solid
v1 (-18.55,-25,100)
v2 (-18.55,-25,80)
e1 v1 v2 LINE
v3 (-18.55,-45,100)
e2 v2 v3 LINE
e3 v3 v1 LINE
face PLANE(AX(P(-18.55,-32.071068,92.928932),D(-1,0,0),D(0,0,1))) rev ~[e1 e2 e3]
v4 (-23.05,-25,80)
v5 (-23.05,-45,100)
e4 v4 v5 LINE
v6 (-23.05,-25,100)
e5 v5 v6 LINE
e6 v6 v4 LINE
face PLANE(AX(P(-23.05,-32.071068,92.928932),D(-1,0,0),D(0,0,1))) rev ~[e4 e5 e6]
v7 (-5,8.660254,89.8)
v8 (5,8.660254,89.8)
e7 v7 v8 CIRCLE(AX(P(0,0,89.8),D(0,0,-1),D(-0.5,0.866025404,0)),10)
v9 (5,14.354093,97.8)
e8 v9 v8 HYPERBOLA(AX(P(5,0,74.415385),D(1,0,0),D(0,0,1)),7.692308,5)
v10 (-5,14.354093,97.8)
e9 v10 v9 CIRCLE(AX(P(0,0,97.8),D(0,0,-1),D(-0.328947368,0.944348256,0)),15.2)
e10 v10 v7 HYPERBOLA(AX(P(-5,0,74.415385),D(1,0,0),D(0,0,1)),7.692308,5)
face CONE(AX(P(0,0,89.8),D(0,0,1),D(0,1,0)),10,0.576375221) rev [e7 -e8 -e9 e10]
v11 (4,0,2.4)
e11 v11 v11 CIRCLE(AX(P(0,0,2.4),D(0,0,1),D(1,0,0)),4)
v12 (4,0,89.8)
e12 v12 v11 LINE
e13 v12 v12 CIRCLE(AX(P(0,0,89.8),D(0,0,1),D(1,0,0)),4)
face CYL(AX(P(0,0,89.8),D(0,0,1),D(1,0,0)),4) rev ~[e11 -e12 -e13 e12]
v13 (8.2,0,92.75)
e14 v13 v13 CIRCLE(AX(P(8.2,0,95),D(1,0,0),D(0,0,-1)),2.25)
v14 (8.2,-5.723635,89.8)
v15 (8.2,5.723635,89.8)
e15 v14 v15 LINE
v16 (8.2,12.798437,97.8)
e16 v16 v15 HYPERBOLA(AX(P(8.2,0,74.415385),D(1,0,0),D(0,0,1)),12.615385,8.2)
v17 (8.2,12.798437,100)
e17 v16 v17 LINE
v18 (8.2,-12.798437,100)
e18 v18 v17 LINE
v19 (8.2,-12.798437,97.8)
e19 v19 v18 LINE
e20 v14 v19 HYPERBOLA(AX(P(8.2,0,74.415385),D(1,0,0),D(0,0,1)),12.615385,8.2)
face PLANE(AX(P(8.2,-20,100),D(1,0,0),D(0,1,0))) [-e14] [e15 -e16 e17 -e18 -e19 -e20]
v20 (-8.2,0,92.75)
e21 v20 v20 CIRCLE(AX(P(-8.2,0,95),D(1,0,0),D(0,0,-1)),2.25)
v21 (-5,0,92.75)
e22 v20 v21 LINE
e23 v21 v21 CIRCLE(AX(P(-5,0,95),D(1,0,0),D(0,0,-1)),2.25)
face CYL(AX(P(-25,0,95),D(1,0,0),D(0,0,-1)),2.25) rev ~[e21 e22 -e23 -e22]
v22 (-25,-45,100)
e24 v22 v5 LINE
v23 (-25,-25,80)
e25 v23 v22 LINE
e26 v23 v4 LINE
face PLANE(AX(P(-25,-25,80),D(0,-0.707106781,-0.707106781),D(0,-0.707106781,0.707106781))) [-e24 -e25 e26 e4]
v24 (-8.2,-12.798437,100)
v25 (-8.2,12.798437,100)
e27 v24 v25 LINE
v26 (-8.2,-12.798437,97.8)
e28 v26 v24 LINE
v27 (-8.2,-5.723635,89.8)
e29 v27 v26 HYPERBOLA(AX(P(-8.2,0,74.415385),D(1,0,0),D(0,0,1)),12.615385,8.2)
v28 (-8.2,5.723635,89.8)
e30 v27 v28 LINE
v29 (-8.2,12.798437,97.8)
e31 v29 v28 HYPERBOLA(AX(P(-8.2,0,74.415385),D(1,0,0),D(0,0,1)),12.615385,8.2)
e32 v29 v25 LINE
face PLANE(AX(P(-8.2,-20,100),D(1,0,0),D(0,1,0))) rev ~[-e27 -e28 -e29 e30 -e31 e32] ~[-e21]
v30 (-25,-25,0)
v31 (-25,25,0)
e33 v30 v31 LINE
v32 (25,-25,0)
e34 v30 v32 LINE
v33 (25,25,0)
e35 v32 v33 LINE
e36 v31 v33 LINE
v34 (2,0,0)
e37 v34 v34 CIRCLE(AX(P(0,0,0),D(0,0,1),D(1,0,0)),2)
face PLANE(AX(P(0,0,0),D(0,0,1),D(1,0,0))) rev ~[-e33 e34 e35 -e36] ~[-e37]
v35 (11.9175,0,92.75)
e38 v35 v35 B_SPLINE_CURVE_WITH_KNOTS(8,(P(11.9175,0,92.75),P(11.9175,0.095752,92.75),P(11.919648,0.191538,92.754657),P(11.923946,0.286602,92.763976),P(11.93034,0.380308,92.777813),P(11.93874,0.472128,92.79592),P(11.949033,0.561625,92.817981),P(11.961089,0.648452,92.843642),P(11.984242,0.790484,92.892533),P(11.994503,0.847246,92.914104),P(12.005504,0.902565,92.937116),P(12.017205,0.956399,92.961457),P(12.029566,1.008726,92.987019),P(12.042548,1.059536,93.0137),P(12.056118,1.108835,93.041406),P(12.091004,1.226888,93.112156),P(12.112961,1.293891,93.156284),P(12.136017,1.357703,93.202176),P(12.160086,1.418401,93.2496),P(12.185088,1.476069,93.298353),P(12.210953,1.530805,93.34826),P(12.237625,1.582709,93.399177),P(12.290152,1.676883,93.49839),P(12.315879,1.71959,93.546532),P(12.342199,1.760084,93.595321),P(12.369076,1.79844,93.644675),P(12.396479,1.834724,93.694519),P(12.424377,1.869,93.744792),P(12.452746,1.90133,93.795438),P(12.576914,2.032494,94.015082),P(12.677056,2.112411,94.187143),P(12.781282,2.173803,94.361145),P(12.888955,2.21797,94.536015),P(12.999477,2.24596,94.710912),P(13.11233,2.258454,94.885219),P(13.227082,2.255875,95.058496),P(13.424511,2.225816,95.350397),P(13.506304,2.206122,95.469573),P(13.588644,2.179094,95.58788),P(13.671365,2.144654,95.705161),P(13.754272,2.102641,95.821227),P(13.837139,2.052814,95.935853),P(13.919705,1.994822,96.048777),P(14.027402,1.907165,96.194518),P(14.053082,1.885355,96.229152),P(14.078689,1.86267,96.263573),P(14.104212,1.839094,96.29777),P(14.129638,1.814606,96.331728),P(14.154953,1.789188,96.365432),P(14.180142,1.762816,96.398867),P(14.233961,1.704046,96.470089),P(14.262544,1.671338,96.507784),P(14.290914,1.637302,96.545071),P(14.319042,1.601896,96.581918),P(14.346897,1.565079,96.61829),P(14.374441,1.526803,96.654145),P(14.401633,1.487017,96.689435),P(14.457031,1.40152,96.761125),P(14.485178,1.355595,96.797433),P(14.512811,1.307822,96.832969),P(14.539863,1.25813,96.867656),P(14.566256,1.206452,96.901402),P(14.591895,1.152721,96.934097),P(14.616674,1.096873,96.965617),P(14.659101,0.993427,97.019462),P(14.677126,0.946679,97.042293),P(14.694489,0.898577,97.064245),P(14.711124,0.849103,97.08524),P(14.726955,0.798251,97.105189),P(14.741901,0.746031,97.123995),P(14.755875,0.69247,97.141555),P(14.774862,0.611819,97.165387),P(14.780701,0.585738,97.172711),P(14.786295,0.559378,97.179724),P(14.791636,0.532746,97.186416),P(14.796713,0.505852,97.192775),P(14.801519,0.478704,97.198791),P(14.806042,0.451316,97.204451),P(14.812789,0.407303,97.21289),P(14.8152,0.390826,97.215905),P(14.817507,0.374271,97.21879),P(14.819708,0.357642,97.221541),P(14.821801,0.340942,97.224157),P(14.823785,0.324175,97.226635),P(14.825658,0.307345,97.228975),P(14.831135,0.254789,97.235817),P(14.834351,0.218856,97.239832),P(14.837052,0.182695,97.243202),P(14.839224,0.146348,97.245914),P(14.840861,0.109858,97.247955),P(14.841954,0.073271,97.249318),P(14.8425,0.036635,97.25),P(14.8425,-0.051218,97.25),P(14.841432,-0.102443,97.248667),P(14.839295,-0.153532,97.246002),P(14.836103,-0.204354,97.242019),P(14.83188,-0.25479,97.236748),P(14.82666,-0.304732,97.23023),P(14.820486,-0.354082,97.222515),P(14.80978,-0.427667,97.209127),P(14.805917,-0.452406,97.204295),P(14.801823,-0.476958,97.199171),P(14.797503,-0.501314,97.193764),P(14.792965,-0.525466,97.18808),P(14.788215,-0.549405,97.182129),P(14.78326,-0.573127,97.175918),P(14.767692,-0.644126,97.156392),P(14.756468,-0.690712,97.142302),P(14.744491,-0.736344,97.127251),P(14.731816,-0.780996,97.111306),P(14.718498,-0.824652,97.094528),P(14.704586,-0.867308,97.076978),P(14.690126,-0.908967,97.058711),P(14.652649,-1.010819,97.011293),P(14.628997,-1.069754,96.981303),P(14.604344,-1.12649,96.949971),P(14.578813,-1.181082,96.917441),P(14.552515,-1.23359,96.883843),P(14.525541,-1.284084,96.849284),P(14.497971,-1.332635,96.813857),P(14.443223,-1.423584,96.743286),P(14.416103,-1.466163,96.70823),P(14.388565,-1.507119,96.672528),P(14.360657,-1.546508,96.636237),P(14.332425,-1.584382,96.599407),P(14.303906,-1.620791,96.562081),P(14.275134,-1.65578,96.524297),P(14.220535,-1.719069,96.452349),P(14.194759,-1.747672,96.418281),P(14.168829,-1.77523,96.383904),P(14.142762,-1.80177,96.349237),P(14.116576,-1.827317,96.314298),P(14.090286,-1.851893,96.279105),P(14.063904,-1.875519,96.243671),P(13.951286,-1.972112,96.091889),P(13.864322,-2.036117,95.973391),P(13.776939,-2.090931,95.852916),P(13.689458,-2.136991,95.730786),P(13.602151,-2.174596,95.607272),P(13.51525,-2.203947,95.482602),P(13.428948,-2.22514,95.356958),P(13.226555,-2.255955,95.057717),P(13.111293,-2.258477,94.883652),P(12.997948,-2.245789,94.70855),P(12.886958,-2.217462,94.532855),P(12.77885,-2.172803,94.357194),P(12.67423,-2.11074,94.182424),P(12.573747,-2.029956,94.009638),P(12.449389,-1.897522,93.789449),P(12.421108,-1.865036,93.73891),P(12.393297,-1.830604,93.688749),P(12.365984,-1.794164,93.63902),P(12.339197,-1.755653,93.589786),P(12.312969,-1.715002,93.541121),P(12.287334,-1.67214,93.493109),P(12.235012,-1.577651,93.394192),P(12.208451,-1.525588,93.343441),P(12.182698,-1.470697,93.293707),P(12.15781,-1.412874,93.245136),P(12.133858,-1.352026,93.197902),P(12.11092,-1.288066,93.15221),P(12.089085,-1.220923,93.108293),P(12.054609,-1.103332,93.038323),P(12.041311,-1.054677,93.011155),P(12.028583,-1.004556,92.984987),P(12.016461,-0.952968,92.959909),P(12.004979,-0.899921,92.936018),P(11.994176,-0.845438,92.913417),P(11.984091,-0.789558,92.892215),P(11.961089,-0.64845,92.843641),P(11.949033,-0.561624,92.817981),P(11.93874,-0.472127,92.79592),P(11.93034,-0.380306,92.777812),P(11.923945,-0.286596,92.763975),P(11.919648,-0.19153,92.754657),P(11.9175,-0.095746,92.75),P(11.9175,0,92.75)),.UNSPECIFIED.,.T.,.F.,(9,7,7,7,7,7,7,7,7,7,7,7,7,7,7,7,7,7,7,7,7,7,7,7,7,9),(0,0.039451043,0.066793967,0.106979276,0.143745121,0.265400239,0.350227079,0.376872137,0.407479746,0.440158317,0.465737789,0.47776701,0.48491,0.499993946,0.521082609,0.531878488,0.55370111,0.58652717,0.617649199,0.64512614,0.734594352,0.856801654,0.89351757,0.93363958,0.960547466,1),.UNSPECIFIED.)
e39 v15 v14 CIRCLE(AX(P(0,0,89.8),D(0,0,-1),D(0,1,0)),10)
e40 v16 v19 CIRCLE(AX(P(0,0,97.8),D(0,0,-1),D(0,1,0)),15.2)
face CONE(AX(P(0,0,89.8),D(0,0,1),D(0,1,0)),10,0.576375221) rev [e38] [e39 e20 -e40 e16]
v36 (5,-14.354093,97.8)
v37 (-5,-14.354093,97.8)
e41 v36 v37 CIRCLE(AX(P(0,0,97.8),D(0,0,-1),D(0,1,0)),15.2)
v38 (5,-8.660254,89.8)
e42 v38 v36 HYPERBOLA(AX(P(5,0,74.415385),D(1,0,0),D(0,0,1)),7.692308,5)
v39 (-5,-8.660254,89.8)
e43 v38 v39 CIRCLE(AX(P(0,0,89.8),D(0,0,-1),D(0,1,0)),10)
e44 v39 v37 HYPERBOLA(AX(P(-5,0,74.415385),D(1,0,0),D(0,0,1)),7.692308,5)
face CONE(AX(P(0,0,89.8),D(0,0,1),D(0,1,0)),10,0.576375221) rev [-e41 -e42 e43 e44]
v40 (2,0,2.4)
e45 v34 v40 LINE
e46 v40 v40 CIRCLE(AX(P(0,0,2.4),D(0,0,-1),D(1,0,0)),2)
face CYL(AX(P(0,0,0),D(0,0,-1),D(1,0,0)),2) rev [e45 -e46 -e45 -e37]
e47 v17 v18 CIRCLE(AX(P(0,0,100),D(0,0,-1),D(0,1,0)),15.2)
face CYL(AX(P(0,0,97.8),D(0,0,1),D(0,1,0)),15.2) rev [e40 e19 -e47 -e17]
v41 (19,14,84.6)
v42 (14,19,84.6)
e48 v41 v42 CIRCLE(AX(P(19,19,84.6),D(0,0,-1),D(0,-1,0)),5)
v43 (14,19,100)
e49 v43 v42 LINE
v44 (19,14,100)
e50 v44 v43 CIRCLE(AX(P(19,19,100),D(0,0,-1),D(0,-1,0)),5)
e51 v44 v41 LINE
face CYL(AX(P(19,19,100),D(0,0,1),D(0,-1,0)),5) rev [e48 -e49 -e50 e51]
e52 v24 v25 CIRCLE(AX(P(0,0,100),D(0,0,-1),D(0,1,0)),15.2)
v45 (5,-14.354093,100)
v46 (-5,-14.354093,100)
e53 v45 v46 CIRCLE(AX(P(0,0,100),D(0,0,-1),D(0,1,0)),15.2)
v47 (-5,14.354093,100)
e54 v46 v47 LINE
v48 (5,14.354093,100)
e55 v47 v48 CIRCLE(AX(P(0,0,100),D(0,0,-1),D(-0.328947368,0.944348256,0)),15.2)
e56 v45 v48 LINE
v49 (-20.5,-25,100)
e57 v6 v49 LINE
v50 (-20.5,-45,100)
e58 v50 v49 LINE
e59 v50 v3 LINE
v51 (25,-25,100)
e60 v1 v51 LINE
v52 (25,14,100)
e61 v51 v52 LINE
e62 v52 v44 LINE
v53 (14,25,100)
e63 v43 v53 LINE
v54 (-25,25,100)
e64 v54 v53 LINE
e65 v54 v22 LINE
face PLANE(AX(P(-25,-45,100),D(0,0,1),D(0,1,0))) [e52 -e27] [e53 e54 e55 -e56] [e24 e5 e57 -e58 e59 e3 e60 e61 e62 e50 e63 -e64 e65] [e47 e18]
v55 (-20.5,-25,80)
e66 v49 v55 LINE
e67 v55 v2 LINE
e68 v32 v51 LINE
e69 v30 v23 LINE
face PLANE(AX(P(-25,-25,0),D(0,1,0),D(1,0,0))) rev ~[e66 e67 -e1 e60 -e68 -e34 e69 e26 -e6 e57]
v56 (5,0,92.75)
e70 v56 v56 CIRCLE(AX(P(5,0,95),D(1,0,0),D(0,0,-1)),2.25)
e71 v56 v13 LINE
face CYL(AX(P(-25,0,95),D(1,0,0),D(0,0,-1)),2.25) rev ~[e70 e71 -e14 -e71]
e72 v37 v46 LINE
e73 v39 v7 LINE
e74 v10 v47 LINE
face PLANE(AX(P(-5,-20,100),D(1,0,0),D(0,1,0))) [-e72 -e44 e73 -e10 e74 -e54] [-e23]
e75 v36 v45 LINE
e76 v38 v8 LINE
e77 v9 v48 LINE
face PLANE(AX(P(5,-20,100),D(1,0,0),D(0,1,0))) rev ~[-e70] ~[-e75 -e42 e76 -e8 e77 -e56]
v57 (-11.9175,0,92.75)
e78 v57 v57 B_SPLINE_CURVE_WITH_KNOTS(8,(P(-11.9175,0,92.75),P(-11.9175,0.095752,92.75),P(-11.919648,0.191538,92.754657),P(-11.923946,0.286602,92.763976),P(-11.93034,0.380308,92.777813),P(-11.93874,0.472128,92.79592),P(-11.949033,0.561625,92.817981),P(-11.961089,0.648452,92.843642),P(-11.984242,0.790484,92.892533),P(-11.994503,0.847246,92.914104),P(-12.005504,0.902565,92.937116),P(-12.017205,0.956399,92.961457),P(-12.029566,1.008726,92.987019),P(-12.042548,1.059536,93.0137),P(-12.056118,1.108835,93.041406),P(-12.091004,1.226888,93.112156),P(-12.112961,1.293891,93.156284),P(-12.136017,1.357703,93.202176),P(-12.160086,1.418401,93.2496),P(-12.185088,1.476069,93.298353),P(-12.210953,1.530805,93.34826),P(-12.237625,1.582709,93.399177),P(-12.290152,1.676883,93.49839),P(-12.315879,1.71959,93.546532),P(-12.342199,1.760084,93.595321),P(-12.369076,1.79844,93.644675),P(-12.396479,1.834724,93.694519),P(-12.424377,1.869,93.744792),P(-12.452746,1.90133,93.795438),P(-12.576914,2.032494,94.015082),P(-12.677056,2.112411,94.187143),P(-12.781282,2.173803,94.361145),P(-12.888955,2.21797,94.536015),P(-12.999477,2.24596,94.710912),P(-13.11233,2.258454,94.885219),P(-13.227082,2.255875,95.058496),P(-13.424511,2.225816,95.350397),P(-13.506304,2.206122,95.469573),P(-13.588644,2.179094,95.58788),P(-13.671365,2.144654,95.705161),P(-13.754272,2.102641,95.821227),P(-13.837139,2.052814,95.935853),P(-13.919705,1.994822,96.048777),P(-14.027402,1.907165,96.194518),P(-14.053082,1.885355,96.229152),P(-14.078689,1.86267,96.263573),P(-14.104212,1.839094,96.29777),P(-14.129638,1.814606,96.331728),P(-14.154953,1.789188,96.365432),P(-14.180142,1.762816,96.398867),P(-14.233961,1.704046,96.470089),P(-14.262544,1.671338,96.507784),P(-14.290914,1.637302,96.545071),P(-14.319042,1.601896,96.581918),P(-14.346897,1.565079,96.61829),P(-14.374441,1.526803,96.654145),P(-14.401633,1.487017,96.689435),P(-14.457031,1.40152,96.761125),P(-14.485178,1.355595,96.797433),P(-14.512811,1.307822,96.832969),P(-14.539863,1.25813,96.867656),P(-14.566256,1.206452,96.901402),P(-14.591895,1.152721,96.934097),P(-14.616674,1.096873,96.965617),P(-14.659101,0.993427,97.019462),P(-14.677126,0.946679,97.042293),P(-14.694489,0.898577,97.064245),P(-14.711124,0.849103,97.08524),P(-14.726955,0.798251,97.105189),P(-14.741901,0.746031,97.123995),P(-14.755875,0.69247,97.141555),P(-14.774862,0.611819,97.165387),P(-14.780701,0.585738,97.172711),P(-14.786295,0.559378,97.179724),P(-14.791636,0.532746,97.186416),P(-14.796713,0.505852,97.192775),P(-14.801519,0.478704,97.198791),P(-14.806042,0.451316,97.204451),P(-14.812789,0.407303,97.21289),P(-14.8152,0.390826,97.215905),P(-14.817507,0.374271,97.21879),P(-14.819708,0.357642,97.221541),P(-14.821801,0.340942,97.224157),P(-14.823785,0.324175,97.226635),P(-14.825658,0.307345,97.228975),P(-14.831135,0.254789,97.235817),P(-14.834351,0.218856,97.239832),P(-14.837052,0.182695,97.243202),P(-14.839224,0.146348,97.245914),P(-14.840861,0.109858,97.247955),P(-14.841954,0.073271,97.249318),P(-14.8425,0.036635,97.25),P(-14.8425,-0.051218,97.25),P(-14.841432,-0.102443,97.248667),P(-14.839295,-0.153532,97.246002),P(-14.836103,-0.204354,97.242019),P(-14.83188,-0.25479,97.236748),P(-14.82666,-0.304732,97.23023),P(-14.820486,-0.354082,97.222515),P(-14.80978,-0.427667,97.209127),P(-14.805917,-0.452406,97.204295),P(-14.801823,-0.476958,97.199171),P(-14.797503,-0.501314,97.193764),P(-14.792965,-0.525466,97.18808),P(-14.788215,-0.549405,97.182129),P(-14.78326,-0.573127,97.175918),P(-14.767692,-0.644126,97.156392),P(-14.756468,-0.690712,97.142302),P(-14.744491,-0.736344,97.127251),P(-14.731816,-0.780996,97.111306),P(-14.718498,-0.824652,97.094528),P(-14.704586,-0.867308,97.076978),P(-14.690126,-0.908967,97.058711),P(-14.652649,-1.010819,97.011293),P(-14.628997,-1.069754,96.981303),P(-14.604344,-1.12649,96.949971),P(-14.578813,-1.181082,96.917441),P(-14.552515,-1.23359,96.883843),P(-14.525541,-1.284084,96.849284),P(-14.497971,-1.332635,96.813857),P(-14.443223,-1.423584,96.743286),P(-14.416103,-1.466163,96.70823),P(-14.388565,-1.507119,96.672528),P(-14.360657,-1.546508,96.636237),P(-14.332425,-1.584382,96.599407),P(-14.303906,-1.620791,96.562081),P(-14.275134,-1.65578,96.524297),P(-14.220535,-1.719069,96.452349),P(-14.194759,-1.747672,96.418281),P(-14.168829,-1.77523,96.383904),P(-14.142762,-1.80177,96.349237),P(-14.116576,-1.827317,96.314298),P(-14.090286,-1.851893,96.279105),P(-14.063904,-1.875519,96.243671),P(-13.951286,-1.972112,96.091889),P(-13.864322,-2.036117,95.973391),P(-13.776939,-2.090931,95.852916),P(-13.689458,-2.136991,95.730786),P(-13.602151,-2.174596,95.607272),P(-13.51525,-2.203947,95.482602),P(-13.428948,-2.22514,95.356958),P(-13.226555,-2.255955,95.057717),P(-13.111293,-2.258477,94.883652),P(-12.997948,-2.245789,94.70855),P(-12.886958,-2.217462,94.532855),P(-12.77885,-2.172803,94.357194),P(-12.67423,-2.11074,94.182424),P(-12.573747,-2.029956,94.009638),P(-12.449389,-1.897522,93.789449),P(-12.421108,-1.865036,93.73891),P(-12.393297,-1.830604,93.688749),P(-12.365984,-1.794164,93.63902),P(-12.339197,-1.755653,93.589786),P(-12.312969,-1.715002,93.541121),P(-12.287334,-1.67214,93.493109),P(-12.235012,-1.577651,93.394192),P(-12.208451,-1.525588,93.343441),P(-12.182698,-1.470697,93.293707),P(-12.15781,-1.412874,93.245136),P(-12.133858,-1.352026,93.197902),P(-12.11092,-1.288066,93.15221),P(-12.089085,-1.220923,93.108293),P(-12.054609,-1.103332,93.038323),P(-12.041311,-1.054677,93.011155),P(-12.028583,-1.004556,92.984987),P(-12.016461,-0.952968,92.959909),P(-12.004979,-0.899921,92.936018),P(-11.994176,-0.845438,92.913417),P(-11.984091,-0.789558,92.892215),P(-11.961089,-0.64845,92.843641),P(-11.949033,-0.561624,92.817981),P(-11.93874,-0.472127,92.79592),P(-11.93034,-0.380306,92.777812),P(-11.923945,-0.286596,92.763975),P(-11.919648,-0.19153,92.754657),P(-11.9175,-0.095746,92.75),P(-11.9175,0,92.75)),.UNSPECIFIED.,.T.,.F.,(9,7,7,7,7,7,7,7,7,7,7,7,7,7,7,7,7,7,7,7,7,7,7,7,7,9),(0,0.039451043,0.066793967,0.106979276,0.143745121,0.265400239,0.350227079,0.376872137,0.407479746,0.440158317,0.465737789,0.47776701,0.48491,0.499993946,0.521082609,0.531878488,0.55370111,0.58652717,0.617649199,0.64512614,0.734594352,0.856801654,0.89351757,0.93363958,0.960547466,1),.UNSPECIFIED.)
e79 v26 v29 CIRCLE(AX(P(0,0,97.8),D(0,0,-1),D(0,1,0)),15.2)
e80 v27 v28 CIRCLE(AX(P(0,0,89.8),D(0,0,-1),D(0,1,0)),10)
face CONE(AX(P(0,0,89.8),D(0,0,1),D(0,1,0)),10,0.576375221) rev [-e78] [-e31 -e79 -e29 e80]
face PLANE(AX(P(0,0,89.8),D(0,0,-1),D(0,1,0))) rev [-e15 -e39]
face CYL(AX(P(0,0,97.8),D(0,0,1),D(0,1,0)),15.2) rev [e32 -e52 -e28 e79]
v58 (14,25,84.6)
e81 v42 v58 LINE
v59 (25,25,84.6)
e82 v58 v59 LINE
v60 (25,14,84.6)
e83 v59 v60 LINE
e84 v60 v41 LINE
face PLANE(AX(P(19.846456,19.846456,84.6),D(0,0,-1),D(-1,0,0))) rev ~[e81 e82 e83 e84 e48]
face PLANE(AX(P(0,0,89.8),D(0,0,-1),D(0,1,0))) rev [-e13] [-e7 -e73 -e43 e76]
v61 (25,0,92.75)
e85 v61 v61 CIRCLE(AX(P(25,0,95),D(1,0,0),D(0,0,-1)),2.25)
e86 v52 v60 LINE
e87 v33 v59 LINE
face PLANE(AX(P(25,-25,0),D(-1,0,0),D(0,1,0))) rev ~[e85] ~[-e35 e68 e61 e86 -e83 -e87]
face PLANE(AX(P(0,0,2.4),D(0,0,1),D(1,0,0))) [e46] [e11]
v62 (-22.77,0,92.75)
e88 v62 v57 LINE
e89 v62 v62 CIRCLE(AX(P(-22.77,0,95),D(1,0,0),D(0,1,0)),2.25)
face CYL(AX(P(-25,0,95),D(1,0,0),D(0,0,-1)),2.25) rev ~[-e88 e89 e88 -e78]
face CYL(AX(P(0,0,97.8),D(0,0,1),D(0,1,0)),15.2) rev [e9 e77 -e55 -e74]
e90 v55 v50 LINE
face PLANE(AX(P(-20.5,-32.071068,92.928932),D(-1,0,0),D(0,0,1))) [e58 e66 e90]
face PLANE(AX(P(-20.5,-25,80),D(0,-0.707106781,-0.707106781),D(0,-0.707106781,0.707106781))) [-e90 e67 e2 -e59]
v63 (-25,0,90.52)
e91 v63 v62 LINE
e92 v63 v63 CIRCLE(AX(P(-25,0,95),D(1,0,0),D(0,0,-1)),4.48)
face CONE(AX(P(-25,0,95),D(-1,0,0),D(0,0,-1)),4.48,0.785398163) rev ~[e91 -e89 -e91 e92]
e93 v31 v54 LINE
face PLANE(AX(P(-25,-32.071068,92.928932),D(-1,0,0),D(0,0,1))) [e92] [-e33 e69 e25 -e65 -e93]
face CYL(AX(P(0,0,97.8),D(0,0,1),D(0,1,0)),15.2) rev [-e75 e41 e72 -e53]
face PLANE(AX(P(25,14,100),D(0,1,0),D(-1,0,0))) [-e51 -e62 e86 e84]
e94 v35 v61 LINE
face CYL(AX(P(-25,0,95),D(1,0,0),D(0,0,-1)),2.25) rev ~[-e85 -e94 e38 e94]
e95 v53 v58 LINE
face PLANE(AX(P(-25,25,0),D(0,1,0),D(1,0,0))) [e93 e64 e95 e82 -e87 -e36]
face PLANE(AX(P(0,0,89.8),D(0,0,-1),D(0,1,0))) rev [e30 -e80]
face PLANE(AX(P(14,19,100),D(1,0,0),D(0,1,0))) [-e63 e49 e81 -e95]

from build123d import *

# Parameters (mm, degrees)
CROQUIS1_W                                           = 50
CROQUIS1_H                                           = 50
CROQUIS1_R                                           = 2
SALIENTE_EXTRUIR2_DEPTH                              = 100
CROQUIS4_W                                           = 3.2
CROQUIS4_H                                           = 40
SALIENTE_EXTRUIR5_DEPTH                              = 10.2
CROQUIS8_R                                           = 4
CORTAR_EXTRUIR3_DEPTH                                = 87.4
CORTAR_EXTRUIR2_START                                = -50
CROQUIS7_R                                           = 2
CORTAR_EXTRUIR2_DEPTH                                = 50
REFRENTADO_PARA_TORNILLO_TAP_N_CON_CABEZ_D           = 4.5
REFRENTADO_PARA_TORNILLO_TAP_N_CON_CABEZ_CSINK_D     = 8.96
REFRENTADO_PARA_TORNILLO_TAP_N_CON_CABEZ_CSINK_ANGLE = 90
SALIENTE_EXTRUIR6_DEPTH                              = 1.95
SALIENTE_EXTRUIR7_START                              = -4.5
SALIENTE_EXTRUIR7_DEPTH                              = 1.95
CORTAR_EXTRUIR4_DEPTH                                = 15.4


with BuildPart() as part:
    # Croquis1 → Saliente-Extruir2 (new body)
    with BuildSketch(Plane.XY):
        Rectangle(CROQUIS1_W, CROQUIS1_H)
        Circle(CROQUIS1_R, mode=Mode.SUBTRACT)
    extrude(amount=SALIENTE_EXTRUIR2_DEPTH)

    # Croquis2 → Cortar-Revolución1 (revolve, cut)
    with BuildSketch(Plane(origin=(0, 0, 0), x_dir=(0, 0, -1), z_dir=(1, 0, 0))):
        Polygon((-100, 15.2), (-100, 0), (-89.8, 0), (-89.8, 10), (-97.8, 15.2), align=None)
    revolve(axis=Axis((0, 0, 100), (0, 0, -1)), mode=Mode.SUBTRACT)

    # Croquis4 → Saliente-Extruir5 (add)
    with BuildSketch(Plane.XY.offset(100)):
        with Locations((-6.6, 0)):
            Rectangle(CROQUIS4_W, CROQUIS4_H)
        with Locations((6.6, 0)):
            Rectangle(CROQUIS4_W, CROQUIS4_H)
    extrude(amount=-SALIENTE_EXTRUIR5_DEPTH)

    # Croquis8 → Cortar-Extruir3 (cut)
    with BuildSketch(Plane.XY.offset(89.8)):
        Circle(CROQUIS8_R)
    extrude(amount=-CORTAR_EXTRUIR3_DEPTH, mode=Mode.SUBTRACT)

    # Croquis7 → Cortar-Extruir2 (cut)
    with BuildSketch(Plane.ZY.offset(25).offset(CORTAR_EXTRUIR2_START)):
        with Locations((95, 0)):
            Circle(CROQUIS7_R)
    extrude(amount=CORTAR_EXTRUIR2_DEPTH, mode=Mode.SUBTRACT)

    # Refrentado para tornillo tapón con cabeza plana de clavija de M41 (through all)
    with Locations(Plane.ZY.offset(25)):
        with Locations((95, 0)):
            CounterSinkHole(REFRENTADO_PARA_TORNILLO_TAP_N_CON_CABEZ_D / 2, REFRENTADO_PARA_TORNILLO_TAP_N_CON_CABEZ_CSINK_D / 2, counter_sink_angle=REFRENTADO_PARA_TORNILLO_TAP_N_CON_CABEZ_CSINK_ANGLE)

    # Croquis12 → Saliente-Extruir6 (add)
    with BuildSketch(Plane.ZY.offset(25)):
        Polygon((100, -25), (80, -25), (100, -45), align=None)
    extrude(amount=-SALIENTE_EXTRUIR6_DEPTH)

    # Croquis12<2> → Saliente-Extruir7 (add)
    with BuildSketch(Plane.ZY.offset(25).offset(SALIENTE_EXTRUIR7_START)):
        Polygon((100, -25), (80, -25), (100, -45), align=None)
    extrude(amount=-SALIENTE_EXTRUIR7_DEPTH)

    # Croquis13 → Cortar-Extruir4 (cut)
    with BuildSketch(Plane.XY.offset(100)):
        with BuildLine():
            Line((25, 25), (25, 14))
            Line((25, 14), (19, 14))
            ThreePointArc((19, 14), (15.464466094, 15.464466094), (14, 19))
            Line((14, 19), (14, 25))
            Line((14, 25), (25, 25))
        make_face()
    extrude(amount=-CORTAR_EXTRUIR4_DEPTH, mode=Mode.SUBTRACT)


solid = part.part
